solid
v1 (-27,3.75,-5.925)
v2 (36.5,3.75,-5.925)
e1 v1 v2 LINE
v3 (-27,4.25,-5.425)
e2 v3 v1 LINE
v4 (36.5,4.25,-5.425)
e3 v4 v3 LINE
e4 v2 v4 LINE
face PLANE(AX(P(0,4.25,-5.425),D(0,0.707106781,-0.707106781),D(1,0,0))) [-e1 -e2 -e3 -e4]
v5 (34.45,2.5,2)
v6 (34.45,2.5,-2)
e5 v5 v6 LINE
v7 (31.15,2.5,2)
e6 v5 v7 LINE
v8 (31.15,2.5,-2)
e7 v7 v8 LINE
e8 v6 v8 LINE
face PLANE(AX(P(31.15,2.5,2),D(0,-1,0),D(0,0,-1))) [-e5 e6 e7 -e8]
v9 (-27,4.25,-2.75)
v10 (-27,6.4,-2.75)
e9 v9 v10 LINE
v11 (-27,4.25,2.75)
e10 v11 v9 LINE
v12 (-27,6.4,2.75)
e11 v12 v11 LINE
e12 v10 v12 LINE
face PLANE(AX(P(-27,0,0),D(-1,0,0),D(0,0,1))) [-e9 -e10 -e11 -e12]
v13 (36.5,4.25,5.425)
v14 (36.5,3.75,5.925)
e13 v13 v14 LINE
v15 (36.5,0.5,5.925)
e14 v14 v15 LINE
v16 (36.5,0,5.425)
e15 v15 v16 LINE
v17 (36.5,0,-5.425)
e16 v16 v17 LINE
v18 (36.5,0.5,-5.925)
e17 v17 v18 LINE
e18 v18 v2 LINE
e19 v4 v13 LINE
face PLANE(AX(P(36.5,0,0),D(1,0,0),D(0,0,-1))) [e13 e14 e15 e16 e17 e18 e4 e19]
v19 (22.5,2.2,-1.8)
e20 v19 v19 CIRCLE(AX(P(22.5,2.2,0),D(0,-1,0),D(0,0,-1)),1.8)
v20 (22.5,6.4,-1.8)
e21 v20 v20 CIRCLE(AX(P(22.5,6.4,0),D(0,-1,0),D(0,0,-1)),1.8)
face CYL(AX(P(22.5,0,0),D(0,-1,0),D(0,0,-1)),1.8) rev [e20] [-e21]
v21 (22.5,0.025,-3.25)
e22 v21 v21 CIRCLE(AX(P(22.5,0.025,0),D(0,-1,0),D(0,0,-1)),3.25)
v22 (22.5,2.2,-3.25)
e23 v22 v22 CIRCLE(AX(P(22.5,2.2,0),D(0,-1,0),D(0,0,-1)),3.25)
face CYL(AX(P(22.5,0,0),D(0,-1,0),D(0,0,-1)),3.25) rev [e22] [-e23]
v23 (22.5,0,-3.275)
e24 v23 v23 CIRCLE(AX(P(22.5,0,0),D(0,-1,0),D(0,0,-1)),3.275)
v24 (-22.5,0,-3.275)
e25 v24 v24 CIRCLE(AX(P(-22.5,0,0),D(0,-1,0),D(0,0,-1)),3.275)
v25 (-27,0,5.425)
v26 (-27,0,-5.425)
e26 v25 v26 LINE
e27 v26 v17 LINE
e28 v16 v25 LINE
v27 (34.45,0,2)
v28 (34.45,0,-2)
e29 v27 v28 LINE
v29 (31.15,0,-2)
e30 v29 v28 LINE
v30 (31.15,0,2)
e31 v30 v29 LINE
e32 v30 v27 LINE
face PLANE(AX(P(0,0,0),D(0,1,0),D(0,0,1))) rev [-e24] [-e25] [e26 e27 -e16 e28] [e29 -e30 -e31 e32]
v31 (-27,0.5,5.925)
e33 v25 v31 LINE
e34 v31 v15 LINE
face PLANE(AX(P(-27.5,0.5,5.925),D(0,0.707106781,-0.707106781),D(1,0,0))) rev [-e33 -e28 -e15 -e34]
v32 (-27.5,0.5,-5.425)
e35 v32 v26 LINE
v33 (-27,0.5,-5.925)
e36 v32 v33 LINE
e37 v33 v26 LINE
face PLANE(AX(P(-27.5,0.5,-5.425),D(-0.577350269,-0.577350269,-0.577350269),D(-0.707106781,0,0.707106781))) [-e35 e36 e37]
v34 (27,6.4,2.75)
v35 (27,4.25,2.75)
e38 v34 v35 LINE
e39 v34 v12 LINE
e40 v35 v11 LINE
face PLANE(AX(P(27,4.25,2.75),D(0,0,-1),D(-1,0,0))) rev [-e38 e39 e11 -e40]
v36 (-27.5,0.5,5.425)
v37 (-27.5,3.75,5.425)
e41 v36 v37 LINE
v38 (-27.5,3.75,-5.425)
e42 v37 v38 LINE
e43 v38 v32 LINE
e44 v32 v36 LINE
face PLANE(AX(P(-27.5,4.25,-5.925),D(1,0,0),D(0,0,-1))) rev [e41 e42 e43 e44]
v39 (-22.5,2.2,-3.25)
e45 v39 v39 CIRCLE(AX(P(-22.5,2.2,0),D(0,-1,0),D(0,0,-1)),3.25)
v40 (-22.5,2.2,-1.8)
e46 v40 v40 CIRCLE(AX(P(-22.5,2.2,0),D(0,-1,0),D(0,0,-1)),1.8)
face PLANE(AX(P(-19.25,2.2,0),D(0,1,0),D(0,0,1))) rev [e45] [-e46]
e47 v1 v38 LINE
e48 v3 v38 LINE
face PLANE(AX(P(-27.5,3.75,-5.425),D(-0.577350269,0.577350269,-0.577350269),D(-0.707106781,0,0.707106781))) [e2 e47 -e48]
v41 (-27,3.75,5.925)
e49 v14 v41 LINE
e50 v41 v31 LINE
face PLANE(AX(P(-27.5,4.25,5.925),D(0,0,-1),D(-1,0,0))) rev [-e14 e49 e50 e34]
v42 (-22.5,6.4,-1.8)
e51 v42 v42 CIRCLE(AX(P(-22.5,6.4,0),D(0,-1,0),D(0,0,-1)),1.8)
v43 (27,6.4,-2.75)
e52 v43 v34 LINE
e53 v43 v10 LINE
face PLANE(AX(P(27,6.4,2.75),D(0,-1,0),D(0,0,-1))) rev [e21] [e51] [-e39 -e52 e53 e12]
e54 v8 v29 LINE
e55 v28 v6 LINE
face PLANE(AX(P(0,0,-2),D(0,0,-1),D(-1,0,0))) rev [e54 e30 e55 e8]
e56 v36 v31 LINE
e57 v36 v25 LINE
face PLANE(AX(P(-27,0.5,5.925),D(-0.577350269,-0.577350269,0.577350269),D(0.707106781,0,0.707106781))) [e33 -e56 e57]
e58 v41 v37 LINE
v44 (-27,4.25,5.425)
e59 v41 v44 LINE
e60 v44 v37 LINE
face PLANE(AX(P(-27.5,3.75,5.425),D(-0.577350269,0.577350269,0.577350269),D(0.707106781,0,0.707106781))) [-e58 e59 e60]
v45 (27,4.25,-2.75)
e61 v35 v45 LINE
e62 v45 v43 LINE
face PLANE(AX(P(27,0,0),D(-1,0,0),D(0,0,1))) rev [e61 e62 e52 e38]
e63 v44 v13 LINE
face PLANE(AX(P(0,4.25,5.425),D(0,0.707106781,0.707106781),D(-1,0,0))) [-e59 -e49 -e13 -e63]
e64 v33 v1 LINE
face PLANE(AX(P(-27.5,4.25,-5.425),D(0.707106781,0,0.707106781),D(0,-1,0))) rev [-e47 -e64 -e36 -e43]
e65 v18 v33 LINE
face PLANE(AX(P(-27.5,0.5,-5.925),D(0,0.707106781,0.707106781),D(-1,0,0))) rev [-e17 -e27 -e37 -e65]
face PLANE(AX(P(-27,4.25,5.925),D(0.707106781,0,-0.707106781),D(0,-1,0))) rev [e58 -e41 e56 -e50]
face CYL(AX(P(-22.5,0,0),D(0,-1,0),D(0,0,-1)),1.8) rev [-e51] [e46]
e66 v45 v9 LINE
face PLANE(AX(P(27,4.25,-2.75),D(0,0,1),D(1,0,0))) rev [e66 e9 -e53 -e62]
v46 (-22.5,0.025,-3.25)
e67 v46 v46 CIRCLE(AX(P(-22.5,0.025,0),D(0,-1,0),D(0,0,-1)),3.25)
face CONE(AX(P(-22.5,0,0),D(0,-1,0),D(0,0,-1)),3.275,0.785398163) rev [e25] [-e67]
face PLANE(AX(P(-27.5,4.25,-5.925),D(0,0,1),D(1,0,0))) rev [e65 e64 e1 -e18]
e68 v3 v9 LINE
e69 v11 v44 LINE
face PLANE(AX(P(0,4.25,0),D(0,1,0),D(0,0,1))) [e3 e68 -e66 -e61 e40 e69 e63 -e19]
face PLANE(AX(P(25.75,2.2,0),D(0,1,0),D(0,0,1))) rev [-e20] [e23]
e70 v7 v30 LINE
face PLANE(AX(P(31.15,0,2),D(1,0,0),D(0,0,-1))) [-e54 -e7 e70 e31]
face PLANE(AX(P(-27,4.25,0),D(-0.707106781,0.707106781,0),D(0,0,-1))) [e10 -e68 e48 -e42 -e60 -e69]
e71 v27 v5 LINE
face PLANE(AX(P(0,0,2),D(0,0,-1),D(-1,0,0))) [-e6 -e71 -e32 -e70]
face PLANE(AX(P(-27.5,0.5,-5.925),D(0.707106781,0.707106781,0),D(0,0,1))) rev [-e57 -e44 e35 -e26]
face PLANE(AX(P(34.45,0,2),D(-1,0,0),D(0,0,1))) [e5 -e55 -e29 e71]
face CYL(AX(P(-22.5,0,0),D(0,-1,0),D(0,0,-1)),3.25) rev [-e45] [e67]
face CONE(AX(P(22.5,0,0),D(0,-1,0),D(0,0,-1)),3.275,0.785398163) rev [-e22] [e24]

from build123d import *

# Parameters (mm, degrees)
SKETCH1_W                     = 55
SKETCH1_H                     = 11.85
BOSS_EXTRUDE1_DEPTH           = 4.25
CHAMFER1_SIZE                 = 0.5
BOSS_EXTRUDE2_DEPTH           = 27
BOSS_EXTRUDE2_DEPTH_BACK      = 27
SKETCH7_W                     = 5.5
SKETCH7_H                     = 2.15
CBORE_FOR_M3_SHCS1_AT_2_COUNT = 2
CBORE_FOR_M3_SHCS1_AT_2_PITCH = 45
BOSS_EXTRUDE3_DEPTH           = 9
CUT_EXTRUDE1_DEPTH            = 2
CUT_EXTRUDE1_DEPTH_BACK       = 2
SKETCH10_W                    = 3.3
SKETCH10_H                    = 2.5


with BuildPart() as part:
    # Sketch1 → Boss-Extrude1 (new body)
    with BuildSketch(Plane(origin=(0, 0, 0), x_dir=(1, 0, 0), z_dir=(0, 1, 0))):
        Rectangle(SKETCH1_W, SKETCH1_H)
    extrude(amount=BOSS_EXTRUDE1_DEPTH)

    # Chamfer1
    chamfer1_edges = [part.edges().sort_by_distance(p)[0] for p in [
        (-27.5, 4.25, 0),
        (0, 4.25, 5.925),
        (0, 0, 5.925),
        (-27.5, 0, 0),
        (0, 0, -5.925),
        (-27.5, 2.125, 5.925),
        (-27.5, 2.125, -5.925),
        (0, 4.25, -5.925),
    ]]
    chamfer(chamfer1_edges, length=CHAMFER1_SIZE)

    # Sketch7 → Boss-Extrude2 (add, two sides: drawn at the far end of the back side and taken through both)
    with BuildSketch(Plane(origin=(0, 0, 0), x_dir=(0, 0, -1), z_dir=(1, 0, 0)).offset(-BOSS_EXTRUDE2_DEPTH_BACK)):
        with Locations((0, 5.325)):
            Rectangle(SKETCH7_W, SKETCH7_H)
    extrude(amount=BOSS_EXTRUDE2_DEPTH + BOSS_EXTRUDE2_DEPTH_BACK)

    # Sketch6 → CBORE for M3 SHCS1 (revolve, cut)
    with BuildSketch(Plane(origin=(22.5, 0, 0), x_dir=(0, 0, -1), z_dir=(1, 0, 0))):
        Polygon((0, 0), (0, 6.4), (1.8, 6.4), (1.8, 2.2), (3.25, 2.2), (3.25, 0.025), (3.275, 0), align=None)
    cbore_for_m3_shcs1 = revolve(axis=Axis((22.5, -6.35, 0), (0, 1, 0)), mode=Mode.SUBTRACT)

    # CBORE for M3 SHCS1 at 2: CBORE for M3 SHCS1 ×2
    with Locations(*[(-i * CBORE_FOR_M3_SHCS1_AT_2_PITCH, 0, 0) for i in range(1, CBORE_FOR_M3_SHCS1_AT_2_COUNT)]):
        add(cbore_for_m3_shcs1, mode=Mode.SUBTRACT)

    # Sketch8 → Boss-Extrude3 (add)
    with BuildSketch(Plane(origin=(27.5, 0, 0), x_dir=(0, 0, -1), z_dir=(1, 0, 0))):
        Polygon((5.425, 4.25), (-5.425, 4.25), (-5.925, 3.75), (-5.925, 0.5), (-5.425, 0), (5.425, 0), (5.925, 0.5), (5.925, 3.75), align=None)
    extrude(amount=BOSS_EXTRUDE3_DEPTH)

    # Sketch10 → Cut-Extrude1 (cut, two sides: drawn at the far end of the back side and taken through both)
    with BuildSketch(Plane.XY.offset(-CUT_EXTRUDE1_DEPTH_BACK)):
        with Locations((32.8, 1.25)):
            Rectangle(SKETCH10_W, SKETCH10_H)
    extrude(amount=CUT_EXTRUDE1_DEPTH + CUT_EXTRUDE1_DEPTH_BACK, mode=Mode.SUBTRACT)


solid = part.part
